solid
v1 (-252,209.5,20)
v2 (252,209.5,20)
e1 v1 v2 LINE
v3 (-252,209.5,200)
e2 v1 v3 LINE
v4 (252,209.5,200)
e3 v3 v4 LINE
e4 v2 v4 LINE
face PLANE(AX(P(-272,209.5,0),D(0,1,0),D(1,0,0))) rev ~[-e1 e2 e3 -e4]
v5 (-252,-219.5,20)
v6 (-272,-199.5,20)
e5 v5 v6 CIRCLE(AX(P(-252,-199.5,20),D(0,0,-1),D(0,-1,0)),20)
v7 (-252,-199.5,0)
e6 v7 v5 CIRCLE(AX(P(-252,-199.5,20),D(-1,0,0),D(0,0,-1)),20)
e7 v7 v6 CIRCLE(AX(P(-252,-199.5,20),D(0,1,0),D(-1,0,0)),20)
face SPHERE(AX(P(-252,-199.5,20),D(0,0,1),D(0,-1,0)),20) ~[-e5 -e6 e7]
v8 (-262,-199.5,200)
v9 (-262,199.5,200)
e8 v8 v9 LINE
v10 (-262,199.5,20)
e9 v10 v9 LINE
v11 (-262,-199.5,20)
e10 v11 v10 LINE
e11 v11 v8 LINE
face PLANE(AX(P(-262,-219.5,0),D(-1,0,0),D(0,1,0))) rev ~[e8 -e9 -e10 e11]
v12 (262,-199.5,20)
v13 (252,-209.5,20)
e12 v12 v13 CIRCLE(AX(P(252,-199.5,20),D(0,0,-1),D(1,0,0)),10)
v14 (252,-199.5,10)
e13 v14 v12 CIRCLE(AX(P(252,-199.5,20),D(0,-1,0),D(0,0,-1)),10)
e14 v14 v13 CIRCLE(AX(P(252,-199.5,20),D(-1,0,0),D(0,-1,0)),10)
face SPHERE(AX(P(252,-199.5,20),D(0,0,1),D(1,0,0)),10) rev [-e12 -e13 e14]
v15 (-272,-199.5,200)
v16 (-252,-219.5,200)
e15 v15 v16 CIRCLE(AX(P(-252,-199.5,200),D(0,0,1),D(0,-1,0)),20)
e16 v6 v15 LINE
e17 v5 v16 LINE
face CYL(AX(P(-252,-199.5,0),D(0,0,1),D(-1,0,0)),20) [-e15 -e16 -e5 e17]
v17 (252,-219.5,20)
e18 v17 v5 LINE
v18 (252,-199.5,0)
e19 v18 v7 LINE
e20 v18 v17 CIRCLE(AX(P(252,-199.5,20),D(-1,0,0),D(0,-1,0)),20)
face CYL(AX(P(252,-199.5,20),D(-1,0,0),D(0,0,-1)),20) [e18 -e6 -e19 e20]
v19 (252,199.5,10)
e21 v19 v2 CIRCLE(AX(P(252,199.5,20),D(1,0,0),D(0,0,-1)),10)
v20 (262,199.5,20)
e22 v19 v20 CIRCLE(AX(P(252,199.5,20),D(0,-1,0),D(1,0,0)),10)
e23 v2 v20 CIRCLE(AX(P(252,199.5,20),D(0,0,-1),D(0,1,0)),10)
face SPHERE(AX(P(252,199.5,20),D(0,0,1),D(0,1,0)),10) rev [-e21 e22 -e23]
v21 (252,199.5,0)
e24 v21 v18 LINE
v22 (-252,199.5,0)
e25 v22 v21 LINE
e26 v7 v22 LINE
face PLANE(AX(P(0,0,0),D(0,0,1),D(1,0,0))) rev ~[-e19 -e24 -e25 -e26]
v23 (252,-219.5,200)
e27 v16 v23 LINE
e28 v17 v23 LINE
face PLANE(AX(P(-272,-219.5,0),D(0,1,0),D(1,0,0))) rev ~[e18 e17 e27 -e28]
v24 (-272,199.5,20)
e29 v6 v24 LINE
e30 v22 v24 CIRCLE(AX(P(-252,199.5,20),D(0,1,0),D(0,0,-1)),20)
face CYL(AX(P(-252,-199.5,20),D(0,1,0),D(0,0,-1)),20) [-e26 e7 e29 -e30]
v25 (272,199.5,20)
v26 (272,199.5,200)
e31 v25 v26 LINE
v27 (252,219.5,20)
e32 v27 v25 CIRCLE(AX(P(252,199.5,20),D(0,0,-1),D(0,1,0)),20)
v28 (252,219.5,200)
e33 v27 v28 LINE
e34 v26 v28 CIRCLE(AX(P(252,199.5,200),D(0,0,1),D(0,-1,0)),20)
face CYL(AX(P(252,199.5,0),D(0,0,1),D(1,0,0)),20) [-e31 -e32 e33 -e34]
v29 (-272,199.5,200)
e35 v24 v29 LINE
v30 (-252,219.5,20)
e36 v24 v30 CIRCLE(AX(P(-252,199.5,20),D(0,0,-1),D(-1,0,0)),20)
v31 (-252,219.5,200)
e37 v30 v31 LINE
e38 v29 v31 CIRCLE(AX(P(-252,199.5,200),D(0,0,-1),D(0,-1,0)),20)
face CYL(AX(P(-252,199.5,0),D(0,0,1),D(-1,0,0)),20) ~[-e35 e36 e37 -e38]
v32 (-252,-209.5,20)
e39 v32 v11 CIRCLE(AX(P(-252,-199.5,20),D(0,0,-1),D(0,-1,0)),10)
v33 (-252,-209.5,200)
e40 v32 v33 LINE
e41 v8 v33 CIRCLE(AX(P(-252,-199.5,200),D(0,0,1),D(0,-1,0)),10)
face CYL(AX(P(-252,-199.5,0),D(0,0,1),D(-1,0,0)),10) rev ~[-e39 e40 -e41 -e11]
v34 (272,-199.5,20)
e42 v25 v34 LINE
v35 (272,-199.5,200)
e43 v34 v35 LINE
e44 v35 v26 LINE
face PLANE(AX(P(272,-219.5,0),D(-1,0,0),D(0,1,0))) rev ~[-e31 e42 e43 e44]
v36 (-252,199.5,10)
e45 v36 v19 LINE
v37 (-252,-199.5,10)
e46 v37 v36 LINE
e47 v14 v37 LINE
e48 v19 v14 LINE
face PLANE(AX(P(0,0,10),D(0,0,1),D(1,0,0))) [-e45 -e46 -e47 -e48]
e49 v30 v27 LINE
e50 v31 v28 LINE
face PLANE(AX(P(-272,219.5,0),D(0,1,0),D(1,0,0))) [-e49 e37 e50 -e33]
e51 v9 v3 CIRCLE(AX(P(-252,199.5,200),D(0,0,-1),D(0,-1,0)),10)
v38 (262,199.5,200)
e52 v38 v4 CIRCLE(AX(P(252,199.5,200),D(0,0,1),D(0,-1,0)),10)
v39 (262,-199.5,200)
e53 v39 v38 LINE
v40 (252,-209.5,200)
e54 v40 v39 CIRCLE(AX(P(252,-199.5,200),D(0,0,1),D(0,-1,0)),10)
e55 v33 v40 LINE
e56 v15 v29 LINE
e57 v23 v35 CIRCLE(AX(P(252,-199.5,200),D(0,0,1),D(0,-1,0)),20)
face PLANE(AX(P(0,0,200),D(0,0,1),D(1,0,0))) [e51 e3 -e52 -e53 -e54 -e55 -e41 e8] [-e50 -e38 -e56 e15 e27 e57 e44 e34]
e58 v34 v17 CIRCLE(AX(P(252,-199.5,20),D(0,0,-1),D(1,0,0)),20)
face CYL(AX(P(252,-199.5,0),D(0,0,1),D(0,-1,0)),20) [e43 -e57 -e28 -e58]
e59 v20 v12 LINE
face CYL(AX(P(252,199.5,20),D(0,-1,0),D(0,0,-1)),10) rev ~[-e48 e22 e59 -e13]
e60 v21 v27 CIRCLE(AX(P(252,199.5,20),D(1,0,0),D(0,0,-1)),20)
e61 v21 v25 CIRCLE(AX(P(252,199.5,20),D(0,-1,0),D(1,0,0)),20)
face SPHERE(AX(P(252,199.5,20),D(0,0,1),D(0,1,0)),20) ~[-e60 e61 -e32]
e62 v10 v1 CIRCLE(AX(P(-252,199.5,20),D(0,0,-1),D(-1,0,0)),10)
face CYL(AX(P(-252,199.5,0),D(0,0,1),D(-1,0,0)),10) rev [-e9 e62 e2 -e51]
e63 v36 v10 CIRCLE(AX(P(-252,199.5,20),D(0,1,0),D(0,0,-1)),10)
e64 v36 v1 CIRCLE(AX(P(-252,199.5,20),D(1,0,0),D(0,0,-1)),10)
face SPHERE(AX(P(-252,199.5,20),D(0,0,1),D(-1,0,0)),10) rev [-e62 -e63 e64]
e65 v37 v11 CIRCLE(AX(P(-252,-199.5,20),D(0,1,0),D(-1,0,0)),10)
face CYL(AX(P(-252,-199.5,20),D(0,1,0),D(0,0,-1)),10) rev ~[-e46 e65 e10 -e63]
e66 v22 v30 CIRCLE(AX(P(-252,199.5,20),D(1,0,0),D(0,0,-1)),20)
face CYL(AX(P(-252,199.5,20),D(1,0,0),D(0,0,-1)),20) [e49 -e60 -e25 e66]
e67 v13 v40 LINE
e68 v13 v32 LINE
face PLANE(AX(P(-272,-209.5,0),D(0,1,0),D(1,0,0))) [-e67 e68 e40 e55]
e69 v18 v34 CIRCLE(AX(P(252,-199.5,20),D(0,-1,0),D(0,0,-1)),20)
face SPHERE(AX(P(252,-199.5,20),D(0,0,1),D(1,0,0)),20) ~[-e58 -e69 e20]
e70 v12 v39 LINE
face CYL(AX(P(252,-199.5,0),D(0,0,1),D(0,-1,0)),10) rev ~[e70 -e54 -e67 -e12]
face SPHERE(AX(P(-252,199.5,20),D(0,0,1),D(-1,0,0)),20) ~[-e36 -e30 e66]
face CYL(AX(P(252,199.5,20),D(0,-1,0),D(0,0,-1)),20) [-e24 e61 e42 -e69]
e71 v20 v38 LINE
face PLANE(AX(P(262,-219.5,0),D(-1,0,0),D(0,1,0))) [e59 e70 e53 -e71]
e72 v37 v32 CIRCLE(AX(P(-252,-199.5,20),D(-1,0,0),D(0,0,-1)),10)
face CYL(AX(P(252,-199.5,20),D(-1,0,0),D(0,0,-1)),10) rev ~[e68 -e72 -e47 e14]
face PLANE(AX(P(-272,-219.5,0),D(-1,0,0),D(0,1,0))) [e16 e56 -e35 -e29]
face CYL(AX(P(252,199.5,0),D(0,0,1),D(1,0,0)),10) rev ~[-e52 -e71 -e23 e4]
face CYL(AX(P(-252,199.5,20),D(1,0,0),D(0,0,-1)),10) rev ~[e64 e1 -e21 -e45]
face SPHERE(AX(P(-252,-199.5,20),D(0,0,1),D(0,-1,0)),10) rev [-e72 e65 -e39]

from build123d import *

# Parameters (mm, degrees)
F0_W     = 544
F0_H     = 439
F1_DEPTH = 200
F2_R     = 20
F3_R     = 20
F4_T     = -10


with BuildPart() as f1:
    # F0 (on Top) → F1 (new body)
    with BuildSketch(Plane.XY):
        Rectangle(F0_W, F0_H)
    extrude(amount=F1_DEPTH)

    # F2
    f2_edges = [f1.edges().sort_by_distance(p)[0] for p in [
        (-272, -219.5, 100),
        (272, -219.5, 100),
        (272, 219.5, 100),
        (-272, 219.5, 100),
    ]]
    fillet(f2_edges, radius=F2_R)

    # F3
    f3_edges = [f1.edges().sort_by_distance(p)[0] for p in [
        (0, 219.5, 0),
    ]]
    fillet(f3_edges, radius=F3_R)

    # F4
    f4_openings = [f1.faces().sort_by_distance(p)[0] for p in [
        (0, 0, 200),
    ]]
    offset(amount=F4_T, openings=f4_openings)


solid = f1.part
